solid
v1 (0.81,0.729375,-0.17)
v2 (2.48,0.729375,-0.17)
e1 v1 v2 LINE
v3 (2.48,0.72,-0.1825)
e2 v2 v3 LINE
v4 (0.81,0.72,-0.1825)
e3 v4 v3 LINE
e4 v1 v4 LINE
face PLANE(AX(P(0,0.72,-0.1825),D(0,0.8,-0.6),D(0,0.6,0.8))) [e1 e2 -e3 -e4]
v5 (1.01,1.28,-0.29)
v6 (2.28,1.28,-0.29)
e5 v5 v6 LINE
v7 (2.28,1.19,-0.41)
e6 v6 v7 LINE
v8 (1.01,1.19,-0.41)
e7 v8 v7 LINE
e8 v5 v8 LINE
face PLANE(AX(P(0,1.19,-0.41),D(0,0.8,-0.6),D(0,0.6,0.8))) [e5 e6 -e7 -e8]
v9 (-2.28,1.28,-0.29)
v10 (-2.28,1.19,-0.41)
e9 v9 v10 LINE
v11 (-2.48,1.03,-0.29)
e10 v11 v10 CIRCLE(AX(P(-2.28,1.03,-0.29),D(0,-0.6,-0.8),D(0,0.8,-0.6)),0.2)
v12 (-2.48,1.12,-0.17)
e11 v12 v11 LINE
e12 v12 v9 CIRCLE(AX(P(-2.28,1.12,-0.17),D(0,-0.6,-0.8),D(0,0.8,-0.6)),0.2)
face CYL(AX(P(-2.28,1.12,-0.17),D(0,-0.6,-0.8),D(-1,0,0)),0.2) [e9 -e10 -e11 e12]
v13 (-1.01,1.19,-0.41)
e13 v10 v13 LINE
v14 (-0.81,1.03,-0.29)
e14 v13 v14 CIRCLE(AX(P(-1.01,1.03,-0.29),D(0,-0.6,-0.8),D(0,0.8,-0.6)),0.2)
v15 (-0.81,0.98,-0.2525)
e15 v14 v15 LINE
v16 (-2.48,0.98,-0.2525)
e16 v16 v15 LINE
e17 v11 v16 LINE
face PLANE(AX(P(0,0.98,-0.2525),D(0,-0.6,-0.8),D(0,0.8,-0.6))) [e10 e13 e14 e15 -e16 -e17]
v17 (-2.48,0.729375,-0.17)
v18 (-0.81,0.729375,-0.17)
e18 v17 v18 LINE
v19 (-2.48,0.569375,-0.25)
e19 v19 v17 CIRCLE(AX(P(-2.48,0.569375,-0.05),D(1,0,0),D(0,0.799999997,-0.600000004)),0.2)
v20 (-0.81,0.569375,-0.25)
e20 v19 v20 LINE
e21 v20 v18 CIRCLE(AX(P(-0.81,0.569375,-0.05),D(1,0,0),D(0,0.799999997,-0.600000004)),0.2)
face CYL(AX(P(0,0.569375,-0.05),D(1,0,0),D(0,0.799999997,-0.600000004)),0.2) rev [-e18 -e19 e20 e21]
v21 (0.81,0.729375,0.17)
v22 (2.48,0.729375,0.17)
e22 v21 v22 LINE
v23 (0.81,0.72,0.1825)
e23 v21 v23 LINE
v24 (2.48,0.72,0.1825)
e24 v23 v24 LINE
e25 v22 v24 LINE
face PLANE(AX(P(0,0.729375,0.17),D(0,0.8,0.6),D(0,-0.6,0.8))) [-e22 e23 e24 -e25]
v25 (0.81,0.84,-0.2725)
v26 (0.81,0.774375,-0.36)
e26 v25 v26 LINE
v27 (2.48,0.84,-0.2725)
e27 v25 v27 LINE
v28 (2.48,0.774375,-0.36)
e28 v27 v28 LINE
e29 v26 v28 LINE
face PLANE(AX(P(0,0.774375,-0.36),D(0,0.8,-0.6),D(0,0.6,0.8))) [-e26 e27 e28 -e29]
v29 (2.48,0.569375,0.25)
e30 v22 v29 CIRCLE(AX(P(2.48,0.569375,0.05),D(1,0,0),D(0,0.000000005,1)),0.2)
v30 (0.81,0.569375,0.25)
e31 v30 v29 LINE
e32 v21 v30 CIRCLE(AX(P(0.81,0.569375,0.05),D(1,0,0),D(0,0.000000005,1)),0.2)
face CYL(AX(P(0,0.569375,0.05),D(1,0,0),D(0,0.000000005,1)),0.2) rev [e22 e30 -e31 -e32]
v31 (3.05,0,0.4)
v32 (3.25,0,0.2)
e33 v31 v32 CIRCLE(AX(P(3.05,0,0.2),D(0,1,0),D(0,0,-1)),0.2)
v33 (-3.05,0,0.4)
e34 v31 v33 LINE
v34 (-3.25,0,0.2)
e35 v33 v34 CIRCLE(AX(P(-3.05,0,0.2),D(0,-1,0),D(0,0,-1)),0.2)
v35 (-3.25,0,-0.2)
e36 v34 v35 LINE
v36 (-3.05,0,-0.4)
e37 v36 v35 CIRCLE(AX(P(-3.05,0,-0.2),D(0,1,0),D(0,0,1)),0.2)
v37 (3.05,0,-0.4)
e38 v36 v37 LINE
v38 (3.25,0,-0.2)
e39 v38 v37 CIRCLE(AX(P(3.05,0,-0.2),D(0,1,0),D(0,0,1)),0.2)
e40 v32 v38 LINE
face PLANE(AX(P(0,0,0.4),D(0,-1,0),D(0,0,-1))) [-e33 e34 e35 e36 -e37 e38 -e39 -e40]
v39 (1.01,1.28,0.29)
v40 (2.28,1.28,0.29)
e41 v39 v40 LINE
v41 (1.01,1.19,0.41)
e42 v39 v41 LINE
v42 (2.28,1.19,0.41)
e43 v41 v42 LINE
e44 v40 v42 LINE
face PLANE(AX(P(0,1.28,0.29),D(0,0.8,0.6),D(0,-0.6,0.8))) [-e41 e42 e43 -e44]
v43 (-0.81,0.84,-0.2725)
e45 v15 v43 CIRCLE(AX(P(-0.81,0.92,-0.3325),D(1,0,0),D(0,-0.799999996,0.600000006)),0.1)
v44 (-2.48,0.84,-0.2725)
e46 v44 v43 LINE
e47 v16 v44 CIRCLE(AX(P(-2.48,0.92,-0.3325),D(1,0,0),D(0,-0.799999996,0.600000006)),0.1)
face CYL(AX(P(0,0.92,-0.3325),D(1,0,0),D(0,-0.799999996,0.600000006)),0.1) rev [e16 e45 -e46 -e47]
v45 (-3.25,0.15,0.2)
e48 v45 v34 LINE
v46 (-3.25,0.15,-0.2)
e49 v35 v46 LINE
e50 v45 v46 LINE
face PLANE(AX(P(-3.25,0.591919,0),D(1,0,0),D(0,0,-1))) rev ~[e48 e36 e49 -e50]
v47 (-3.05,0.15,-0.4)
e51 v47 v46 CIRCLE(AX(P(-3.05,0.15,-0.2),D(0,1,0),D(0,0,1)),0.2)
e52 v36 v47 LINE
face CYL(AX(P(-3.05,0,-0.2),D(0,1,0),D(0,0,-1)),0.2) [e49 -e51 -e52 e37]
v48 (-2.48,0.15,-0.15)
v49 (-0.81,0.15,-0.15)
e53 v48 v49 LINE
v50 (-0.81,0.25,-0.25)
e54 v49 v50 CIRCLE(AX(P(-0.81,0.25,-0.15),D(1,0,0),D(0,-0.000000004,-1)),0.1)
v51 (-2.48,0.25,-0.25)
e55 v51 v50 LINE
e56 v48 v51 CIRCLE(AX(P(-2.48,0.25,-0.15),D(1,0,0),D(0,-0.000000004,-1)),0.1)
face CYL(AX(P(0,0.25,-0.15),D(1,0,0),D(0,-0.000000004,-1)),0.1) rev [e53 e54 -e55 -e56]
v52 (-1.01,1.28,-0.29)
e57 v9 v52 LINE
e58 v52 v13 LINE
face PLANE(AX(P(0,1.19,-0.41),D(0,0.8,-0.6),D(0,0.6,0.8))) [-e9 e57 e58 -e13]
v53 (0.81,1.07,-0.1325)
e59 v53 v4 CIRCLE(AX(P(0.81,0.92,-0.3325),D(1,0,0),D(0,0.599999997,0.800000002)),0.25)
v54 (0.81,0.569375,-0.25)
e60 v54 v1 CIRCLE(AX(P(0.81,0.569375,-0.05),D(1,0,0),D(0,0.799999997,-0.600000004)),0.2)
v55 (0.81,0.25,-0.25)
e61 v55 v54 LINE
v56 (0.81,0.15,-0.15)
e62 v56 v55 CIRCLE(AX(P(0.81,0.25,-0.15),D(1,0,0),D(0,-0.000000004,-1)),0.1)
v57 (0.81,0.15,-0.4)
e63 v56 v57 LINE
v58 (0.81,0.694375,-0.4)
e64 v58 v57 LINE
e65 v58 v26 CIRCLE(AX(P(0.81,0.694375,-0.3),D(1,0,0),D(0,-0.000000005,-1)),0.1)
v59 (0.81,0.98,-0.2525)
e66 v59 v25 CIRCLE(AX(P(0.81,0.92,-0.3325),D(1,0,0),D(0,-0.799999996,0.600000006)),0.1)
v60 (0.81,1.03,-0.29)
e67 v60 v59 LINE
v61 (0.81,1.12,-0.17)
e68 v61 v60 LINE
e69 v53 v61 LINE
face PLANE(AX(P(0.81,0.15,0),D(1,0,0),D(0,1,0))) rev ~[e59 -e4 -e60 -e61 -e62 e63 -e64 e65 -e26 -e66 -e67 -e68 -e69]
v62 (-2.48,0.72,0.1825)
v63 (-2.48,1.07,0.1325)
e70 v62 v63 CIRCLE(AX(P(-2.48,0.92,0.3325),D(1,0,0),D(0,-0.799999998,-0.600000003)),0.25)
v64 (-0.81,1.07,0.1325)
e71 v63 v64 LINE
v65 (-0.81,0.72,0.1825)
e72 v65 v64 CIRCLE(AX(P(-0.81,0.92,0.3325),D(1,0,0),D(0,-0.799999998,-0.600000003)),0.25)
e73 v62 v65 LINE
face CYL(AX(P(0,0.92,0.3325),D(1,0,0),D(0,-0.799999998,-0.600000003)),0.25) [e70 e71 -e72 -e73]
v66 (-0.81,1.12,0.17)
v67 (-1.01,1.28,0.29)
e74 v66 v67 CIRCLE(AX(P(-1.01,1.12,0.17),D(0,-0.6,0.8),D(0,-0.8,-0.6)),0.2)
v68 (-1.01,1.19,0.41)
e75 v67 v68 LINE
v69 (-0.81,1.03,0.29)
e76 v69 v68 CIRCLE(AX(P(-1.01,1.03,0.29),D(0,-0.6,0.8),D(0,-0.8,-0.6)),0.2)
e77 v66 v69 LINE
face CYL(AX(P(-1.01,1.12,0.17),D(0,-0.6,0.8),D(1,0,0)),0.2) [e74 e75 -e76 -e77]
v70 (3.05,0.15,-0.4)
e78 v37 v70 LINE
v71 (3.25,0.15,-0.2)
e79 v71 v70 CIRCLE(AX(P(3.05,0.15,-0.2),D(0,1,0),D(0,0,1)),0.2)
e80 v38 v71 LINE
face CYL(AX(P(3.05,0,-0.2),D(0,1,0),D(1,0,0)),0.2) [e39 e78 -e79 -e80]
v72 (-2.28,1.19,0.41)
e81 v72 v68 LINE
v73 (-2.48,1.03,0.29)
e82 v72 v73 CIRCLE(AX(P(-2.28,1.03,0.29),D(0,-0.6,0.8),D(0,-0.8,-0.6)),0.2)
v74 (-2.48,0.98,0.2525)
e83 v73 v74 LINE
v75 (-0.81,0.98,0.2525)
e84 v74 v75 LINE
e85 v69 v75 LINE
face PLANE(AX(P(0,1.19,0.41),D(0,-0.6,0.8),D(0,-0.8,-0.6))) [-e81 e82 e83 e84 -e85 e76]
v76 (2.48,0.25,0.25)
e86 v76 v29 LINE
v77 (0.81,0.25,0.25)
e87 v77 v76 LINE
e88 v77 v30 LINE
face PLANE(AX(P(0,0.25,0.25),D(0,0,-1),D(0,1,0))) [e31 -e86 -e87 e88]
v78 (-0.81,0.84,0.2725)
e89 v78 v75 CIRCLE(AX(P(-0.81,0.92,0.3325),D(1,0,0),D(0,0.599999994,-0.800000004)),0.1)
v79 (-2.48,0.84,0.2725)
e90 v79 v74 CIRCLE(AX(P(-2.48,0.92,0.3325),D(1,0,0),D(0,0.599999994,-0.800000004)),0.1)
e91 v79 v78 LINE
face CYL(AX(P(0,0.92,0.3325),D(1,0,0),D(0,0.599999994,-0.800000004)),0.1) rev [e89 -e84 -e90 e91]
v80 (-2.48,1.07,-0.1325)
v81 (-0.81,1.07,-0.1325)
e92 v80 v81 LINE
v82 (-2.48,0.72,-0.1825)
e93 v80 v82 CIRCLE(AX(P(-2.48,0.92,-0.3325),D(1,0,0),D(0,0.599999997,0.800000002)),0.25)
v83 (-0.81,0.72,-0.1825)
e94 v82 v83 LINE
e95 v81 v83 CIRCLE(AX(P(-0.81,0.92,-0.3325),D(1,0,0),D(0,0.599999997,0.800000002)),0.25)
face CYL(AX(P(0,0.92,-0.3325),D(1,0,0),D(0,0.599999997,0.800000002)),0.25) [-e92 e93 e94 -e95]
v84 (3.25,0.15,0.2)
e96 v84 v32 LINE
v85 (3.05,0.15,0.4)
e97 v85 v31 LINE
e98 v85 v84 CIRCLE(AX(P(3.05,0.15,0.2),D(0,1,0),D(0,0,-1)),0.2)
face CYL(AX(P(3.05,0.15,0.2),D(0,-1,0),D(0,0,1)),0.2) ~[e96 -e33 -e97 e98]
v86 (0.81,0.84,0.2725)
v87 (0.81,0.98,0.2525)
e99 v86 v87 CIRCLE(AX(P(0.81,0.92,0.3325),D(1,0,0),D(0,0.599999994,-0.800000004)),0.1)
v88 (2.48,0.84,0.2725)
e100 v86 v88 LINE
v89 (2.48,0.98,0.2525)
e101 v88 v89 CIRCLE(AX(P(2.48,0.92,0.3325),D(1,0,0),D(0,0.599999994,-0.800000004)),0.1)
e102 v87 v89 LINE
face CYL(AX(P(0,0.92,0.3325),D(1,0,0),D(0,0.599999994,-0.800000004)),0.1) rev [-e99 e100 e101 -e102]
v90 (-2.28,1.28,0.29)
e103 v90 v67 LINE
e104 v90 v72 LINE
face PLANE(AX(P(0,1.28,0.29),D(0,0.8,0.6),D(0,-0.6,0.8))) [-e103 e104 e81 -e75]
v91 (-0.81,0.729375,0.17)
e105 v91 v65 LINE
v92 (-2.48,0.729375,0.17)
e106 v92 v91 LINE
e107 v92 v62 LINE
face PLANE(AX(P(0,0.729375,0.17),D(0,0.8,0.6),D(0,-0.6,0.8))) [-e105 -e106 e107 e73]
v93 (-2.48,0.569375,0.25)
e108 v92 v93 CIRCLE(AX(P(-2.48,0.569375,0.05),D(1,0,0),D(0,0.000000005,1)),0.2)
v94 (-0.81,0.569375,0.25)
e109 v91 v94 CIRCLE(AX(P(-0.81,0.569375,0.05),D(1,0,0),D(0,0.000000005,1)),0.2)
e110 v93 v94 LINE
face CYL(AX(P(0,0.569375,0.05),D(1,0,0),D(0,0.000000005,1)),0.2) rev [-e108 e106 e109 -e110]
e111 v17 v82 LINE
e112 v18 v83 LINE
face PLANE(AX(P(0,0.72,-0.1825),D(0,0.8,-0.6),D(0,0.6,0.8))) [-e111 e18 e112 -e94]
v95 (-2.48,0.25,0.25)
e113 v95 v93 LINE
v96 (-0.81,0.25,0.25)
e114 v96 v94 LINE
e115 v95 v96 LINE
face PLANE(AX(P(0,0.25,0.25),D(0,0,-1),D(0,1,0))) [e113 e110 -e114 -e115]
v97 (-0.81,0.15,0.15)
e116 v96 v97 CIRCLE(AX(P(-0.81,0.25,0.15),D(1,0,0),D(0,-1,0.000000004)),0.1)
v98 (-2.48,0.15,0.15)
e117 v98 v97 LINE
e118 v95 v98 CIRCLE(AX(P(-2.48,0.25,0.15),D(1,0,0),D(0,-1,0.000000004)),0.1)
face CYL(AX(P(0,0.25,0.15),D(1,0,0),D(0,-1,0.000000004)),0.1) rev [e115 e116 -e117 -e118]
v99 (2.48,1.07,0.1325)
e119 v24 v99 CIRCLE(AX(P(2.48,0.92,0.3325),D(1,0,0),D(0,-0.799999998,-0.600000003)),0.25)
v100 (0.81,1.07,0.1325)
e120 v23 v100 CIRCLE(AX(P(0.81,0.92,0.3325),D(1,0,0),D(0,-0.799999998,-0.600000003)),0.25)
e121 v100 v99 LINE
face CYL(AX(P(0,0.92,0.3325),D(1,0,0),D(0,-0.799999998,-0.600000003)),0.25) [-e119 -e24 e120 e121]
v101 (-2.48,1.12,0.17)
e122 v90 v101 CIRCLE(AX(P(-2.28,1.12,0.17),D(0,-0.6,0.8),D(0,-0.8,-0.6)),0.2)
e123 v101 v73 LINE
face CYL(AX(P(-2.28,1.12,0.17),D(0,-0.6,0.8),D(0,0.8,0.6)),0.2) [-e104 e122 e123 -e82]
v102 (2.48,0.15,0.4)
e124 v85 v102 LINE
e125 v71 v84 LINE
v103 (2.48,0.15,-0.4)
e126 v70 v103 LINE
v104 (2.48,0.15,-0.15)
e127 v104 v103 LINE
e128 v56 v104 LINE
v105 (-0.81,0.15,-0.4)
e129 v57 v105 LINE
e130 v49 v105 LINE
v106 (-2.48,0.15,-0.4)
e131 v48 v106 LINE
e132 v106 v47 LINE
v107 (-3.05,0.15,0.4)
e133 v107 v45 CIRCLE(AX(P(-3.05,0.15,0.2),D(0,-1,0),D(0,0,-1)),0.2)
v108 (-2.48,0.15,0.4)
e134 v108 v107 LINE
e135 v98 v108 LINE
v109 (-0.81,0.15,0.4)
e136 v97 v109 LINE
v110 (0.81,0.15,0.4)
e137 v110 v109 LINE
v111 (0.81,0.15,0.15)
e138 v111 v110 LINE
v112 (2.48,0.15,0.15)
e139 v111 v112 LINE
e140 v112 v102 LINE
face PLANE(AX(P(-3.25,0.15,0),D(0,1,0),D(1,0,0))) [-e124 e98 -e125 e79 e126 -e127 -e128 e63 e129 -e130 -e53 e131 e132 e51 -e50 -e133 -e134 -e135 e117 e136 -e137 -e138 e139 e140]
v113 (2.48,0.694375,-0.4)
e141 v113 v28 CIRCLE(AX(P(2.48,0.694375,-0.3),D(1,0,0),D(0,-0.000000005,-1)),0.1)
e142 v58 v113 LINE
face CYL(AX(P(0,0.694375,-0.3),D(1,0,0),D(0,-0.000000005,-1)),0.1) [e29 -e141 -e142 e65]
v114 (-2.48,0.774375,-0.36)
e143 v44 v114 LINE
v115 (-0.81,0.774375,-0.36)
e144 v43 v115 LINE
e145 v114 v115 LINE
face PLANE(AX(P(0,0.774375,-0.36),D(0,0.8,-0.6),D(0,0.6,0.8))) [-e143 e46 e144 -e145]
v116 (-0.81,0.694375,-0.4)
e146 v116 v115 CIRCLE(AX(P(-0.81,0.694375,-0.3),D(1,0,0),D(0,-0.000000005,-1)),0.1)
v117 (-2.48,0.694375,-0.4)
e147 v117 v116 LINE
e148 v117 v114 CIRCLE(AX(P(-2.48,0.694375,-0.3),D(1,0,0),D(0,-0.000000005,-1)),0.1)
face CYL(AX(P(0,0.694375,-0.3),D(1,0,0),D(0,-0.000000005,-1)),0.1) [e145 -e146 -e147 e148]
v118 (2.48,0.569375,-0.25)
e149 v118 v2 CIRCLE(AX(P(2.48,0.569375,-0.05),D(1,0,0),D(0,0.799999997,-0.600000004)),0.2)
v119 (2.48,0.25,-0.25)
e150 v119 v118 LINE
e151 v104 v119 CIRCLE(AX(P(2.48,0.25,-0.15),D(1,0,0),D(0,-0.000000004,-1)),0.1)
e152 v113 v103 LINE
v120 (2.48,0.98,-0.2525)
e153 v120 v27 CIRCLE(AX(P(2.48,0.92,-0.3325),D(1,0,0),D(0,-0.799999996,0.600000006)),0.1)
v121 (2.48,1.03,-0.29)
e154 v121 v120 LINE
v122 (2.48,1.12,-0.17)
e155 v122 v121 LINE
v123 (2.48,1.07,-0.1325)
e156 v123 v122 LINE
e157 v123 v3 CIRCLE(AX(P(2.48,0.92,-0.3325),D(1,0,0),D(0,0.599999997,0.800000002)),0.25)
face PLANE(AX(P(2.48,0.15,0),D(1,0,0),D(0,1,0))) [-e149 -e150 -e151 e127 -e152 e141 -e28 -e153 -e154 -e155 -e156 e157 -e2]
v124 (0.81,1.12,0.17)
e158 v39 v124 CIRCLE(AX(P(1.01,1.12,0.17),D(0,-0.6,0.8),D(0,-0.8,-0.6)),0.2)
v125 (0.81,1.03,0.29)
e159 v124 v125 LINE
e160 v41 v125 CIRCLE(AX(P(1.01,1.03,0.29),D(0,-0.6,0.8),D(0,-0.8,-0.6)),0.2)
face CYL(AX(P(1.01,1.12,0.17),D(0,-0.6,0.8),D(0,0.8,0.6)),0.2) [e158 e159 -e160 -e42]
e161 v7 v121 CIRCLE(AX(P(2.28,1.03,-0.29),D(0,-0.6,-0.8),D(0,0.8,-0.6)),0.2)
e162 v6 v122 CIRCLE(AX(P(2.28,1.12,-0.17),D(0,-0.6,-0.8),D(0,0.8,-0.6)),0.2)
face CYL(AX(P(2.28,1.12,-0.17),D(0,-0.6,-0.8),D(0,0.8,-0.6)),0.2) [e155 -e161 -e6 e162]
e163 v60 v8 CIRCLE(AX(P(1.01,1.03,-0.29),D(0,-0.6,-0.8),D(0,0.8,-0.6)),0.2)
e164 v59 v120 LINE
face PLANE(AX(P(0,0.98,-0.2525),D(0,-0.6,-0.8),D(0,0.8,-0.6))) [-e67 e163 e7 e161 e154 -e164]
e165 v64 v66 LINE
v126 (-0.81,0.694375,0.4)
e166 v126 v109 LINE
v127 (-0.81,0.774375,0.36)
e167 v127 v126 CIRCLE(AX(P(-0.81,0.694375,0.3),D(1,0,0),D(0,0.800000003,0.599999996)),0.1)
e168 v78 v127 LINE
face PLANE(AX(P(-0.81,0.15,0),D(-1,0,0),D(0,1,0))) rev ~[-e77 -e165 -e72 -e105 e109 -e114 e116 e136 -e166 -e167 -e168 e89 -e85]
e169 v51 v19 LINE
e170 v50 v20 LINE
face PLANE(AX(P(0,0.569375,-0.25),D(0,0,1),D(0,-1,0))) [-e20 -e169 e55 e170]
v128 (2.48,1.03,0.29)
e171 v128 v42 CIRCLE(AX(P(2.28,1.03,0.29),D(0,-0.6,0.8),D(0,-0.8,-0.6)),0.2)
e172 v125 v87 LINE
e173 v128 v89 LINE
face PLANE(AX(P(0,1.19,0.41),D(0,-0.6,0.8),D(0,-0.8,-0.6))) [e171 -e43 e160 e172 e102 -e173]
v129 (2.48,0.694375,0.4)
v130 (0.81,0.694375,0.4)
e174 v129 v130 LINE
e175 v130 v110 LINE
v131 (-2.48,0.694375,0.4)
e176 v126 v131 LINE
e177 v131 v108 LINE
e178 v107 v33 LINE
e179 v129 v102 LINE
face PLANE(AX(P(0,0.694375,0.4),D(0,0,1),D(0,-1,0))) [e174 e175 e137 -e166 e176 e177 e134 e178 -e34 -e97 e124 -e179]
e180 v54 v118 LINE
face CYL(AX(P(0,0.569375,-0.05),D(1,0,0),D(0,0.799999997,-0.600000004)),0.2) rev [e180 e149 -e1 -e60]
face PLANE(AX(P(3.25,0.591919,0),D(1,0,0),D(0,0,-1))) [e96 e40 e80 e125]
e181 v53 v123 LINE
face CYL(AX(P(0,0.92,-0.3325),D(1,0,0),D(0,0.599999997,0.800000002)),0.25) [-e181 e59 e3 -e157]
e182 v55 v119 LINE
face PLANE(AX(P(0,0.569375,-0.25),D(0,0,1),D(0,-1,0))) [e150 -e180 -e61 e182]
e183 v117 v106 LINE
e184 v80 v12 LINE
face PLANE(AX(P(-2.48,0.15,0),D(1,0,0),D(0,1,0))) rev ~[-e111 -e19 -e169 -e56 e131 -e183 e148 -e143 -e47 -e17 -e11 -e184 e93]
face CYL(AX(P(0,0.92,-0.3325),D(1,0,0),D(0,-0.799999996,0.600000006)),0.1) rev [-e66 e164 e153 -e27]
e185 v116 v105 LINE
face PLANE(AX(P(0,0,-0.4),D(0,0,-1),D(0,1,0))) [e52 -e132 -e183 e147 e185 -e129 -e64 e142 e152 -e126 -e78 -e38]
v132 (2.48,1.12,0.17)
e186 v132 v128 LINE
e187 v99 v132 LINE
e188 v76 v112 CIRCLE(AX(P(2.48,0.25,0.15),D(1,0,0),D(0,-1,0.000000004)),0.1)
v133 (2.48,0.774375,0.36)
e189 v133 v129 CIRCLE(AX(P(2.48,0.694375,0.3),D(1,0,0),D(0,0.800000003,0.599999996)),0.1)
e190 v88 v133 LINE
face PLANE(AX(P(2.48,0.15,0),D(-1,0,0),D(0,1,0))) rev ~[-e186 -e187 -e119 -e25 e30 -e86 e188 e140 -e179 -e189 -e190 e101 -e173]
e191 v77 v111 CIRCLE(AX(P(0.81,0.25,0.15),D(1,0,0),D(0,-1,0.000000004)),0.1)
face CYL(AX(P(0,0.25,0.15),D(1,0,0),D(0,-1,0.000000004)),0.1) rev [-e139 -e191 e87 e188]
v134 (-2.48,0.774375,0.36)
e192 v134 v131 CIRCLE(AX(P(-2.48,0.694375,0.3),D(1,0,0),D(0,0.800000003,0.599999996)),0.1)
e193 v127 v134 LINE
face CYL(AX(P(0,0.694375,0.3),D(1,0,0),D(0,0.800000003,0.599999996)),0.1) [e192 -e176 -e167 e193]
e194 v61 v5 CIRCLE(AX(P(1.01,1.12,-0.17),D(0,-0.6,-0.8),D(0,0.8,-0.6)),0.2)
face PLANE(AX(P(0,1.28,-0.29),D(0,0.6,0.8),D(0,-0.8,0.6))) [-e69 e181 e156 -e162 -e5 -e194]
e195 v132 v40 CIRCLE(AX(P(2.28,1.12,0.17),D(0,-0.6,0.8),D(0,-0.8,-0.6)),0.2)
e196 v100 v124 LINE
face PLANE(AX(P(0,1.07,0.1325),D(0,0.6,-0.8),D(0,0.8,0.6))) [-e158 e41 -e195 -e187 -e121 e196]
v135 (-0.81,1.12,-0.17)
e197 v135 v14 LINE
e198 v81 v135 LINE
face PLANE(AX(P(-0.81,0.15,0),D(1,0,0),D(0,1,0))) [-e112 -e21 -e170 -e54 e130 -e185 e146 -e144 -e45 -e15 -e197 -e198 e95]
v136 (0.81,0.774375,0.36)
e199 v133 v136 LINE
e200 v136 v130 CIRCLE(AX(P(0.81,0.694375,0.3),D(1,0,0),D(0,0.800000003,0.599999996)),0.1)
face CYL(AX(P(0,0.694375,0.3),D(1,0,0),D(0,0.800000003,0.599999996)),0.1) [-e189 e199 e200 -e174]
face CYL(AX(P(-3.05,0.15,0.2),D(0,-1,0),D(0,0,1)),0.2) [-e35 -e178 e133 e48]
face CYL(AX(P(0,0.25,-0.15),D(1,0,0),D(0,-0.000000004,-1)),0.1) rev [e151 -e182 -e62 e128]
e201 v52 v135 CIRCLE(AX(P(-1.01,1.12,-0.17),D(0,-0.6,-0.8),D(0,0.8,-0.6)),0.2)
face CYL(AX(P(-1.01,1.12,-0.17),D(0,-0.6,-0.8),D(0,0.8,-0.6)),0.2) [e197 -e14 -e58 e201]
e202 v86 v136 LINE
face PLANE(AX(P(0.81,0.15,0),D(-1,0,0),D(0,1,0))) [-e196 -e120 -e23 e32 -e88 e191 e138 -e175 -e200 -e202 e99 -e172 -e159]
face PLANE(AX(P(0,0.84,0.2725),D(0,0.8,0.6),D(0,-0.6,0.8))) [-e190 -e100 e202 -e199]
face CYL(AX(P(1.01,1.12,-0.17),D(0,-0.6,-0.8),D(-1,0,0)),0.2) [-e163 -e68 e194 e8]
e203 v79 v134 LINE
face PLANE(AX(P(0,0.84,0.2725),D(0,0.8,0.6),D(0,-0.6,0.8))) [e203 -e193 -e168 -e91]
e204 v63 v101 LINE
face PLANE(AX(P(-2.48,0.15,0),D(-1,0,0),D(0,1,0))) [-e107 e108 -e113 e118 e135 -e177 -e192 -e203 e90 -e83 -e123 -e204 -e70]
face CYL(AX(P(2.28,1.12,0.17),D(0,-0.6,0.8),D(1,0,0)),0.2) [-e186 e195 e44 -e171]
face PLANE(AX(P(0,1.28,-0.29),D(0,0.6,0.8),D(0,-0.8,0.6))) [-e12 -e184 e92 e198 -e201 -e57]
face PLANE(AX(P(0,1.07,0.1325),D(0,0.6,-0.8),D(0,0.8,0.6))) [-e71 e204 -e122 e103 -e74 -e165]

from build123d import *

# Parameters (mm, degrees)
EXTRUDE_1_DEPTH          = 3.25
SKETCH_2_W               = 1.62
SKETCH_2_H               = 1.13
SKETCH_2_W_2             = 0.77
CUT_EXTRUDE_1_DEPTH      = 1.41
CUT_EXTRUDE_1_DEPTH_BACK = 1.41
FILLET_1_R               = 0.2


with BuildPart() as part:
    # Эскиз1 → Бобышка-Вытянуть1 (new body, symmetric)
    with BuildSketch(Plane(origin=(0, 0, 0), x_dir=(0, 0, -1), z_dir=(1, 0, 0))):
        with BuildLine():
            Line((-0.4, 0), (0.4, 0))
            Line((0.4, 0), (0.4, 0.694375))
            ThreePointArc((0.4, 0.694375), (0.389442719, 0.73909636), (0.36, 0.774375))
            Line((0.36, 0.774375), (0.2725, 0.84))
            ThreePointArc((0.2725, 0.84), (0.233505051, 0.905857864), (0.2525, 0.98))
            Line((0.2525, 0.98), (0.41, 1.19))
            Line((0.41, 1.19), (0.29, 1.28))
            Line((0.29, 1.28), (0.1325, 1.07))
            ThreePointArc((0.1325, 1.07), (0.085012627, 0.884644661), (0.1825, 0.72))
            Line((0.1825, 0.72), (0.17, 0.729375))
            ThreePointArc((0.17, 0.729375), (0.228885438, 0.658817719), (0.25, 0.569375))
            Line((0.25, 0.569375), (0.25, 0.25))
            ThreePointArc((0.25, 0.25), (0.220710678, 0.179289322), (0.15, 0.15))
            Line((0.15, 0.15), (-0.15, 0.15))
            ThreePointArc((-0.15, 0.15), (-0.220710678, 0.179289322), (-0.25, 0.25))
            Line((-0.25, 0.25), (-0.25, 0.569375))
            ThreePointArc((-0.25, 0.569375), (-0.228885438, 0.658817719), (-0.17, 0.729375))
            Line((-0.17, 0.729375), (-0.1825, 0.72))
            ThreePointArc((-0.1825, 0.72), (-0.085012627, 0.884644661), (-0.1325, 1.07))
            Line((-0.1325, 1.07), (-0.29, 1.28))
            Line((-0.29, 1.28), (-0.41, 1.19))
            Line((-0.41, 1.19), (-0.2525, 0.98))
            ThreePointArc((-0.2525, 0.98), (-0.233505051, 0.905857864), (-0.2725, 0.84))
            Line((-0.2725, 0.84), (-0.36, 0.774375))
            ThreePointArc((-0.36, 0.774375), (-0.389442719, 0.73909636), (-0.4, 0.694375))
            Line((-0.4, 0.694375), (-0.4, 0))
        make_face()
    extrude(amount=EXTRUDE_1_DEPTH, both=True)

    # Эскиз2 → Вырез-Вытянуть1 (cut, two sides)
    with BuildSketch(Plane.XY) as cut_extrude_1_sk:
        with Locations((0, 0.715)):
            Rectangle(SKETCH_2_W, SKETCH_2_H)
        with Locations((-2.865, 0.715)):
            Rectangle(SKETCH_2_W_2, SKETCH_2_H)
        with Locations((2.865, 0.715)):
            Rectangle(SKETCH_2_W_2, SKETCH_2_H)
    extrude(amount=CUT_EXTRUDE_1_DEPTH, mode=Mode.SUBTRACT)
    extrude(cut_extrude_1_sk.sketch, amount=-CUT_EXTRUDE_1_DEPTH_BACK, mode=Mode.SUBTRACT)

    # Скругление1
    fillet_1_edges = [part.edges().sort_by_distance(p)[0] for p in [
        (2.48, 1.235, -0.35),
        (2.48, 1.235, 0.35),
        (-2.48, 1.235, -0.35),
        (-2.48, 1.235, 0.35),
        (-0.81, 1.235, -0.35),
        (-0.81, 1.235, 0.35),
        (0.81, 1.235, -0.35),
        (0.81, 1.235, 0.35),
        (-3.25, 0.075, -0.4),
        (3.25, 0.075, -0.4),
        (-3.25, 0.075, 0.4),
        (3.25, 0.075, 0.4),
    ]]
    fillet(fillet_1_edges, radius=FILLET_1_R)


solid = part.part
